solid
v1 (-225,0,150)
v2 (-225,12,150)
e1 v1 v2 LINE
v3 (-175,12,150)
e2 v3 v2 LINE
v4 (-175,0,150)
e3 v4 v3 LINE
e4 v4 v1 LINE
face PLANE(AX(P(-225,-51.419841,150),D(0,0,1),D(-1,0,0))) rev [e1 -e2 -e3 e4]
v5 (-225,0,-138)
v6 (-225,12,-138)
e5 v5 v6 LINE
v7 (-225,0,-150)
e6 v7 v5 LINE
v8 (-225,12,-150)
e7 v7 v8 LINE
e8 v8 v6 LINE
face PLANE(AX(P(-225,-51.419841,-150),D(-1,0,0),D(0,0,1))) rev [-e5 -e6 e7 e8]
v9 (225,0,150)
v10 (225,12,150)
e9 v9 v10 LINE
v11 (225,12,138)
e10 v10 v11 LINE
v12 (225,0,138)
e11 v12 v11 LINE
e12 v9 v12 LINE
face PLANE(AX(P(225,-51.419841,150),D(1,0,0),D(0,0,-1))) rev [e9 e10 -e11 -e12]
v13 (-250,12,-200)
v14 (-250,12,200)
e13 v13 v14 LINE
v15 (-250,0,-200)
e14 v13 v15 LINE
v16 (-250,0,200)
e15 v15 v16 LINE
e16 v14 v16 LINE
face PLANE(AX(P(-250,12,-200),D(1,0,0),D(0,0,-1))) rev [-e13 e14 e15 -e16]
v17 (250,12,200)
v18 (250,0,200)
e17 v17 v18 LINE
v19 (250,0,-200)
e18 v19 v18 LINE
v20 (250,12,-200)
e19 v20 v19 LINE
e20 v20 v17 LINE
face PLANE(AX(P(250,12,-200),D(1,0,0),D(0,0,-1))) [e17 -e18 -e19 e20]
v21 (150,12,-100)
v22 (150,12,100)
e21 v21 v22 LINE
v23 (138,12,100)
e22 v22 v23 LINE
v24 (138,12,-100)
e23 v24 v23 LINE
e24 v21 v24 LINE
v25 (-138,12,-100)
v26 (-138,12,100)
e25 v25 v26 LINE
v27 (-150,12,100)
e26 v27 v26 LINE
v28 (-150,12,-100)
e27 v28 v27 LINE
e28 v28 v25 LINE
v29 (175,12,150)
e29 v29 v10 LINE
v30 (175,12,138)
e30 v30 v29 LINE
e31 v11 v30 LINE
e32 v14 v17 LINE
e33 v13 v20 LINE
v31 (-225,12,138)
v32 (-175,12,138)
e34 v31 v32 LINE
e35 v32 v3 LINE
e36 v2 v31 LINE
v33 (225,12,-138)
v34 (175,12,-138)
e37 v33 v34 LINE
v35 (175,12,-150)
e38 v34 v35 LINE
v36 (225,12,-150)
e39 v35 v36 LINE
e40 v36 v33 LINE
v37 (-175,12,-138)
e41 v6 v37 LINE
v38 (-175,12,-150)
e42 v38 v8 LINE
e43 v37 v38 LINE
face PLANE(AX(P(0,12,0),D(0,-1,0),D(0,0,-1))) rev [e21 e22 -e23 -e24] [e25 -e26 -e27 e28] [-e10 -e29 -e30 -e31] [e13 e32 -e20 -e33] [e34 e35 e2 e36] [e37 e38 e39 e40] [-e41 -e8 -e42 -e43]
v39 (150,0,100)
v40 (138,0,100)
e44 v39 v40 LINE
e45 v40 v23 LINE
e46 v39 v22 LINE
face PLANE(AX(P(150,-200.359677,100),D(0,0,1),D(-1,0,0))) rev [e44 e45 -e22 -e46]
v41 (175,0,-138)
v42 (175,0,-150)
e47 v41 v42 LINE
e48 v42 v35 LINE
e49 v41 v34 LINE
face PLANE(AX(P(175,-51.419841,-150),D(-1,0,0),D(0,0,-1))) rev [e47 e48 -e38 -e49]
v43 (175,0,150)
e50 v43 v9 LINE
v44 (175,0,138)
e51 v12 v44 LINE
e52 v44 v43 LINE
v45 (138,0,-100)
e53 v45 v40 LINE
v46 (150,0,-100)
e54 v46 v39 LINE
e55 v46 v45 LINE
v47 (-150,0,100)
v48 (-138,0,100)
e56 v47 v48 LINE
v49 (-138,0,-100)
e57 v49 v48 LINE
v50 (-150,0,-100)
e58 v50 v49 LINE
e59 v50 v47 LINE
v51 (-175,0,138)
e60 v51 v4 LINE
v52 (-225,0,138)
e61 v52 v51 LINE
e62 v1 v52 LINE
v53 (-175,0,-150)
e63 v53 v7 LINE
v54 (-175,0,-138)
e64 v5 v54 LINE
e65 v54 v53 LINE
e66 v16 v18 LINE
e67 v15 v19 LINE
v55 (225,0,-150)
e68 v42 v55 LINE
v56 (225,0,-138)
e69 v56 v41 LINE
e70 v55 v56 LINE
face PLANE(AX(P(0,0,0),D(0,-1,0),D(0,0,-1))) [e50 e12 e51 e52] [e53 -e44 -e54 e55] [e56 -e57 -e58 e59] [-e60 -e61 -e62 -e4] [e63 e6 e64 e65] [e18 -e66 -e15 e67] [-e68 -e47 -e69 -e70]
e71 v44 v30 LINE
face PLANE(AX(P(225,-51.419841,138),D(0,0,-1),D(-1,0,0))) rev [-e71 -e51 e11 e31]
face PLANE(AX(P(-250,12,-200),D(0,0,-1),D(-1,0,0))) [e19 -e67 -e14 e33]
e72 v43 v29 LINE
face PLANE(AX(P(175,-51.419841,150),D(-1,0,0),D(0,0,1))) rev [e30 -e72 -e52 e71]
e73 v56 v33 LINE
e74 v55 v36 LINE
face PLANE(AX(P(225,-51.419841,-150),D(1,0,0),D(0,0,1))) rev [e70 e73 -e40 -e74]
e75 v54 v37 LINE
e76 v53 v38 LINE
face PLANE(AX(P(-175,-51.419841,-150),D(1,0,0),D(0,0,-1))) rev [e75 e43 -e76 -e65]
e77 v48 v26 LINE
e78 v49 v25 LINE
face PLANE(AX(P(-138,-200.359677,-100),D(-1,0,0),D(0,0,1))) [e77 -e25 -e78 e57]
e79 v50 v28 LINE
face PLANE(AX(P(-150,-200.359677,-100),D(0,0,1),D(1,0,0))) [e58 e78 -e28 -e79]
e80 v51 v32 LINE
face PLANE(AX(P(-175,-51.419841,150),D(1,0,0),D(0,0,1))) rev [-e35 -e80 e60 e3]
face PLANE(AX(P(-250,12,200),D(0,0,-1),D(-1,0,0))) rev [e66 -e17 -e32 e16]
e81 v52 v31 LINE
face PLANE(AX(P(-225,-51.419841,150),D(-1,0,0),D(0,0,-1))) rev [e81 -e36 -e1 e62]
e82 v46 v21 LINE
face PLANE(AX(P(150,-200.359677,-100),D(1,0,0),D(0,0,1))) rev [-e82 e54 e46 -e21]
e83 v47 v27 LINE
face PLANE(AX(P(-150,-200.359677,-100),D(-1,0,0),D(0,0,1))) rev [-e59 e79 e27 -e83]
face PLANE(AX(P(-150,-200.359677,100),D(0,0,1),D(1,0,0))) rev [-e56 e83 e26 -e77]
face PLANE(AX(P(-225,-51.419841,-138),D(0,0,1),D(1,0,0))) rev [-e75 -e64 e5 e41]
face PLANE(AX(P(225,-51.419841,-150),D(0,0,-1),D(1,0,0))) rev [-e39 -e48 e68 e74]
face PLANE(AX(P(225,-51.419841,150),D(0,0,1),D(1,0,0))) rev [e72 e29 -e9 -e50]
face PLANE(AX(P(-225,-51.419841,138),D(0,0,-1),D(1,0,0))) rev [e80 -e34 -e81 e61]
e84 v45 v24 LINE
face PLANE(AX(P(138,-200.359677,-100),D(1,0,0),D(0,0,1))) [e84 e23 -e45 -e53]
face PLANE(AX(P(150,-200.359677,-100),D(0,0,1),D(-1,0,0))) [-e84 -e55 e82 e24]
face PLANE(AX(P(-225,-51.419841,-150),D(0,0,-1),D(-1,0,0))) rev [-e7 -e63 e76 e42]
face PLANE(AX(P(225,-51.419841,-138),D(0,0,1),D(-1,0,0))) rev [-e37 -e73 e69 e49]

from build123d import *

# Parameters (mm, degrees)
SKETCH1_W                                  = 500
SKETCH1_H                                  = 400
BOSS_EXTRUDE1_DEPTH                        = 12
SKETCH2_W                                  = 12
SKETCH2_H                                  = 200
CUT_EXTRUDE1_DEPTH                         = 12
SKETCH5_W                                  = 50
SKETCH5_H                                  = 12
CUT_EXTRUDE2_DEPTH                         = 12
MIRROR5_AT_THE_SECOND_PLANE_COPY_1_SKETC_W = 50
MIRROR5_AT_THE_SECOND_PLANE_COPY_1_SKETC_H = 12
MIRROR5_AT_THE_SECOND_PLANE_COPY_1_DEPTH   = 12


with BuildPart() as part:
    # Sketch1 → Boss-Extrude1 (new body)
    with BuildSketch(Plane(origin=(0, 0, 0), x_dir=(1, 0, 0), z_dir=(0, 1, 0))):
        Rectangle(SKETCH1_W, SKETCH1_H)
    extrude(amount=BOSS_EXTRUDE1_DEPTH)

    # Sketch2 → Cut-Extrude1 (cut)
    with BuildSketch(Plane(origin=(0, 12, 0), x_dir=(1, 0, 0), z_dir=(0, 1, 0))):
        with Locations((-144, 0)):
            Rectangle(SKETCH2_W, SKETCH2_H)
    cut_extrude1 = extrude(amount=-CUT_EXTRUDE1_DEPTH, mode=Mode.SUBTRACT)

    # Mirror2: Cut-Extrude1 across plane
    add(cut_extrude1.mirror(Plane(origin=(0, 0, 0), x_dir=(0, 0, 1), z_dir=(1, 0, 0))), mode=Mode.SUBTRACT)

    # Sketch5 → Cut-Extrude2 (cut)
    with BuildSketch(Plane(origin=(0, 12, 0), x_dir=(1, 0, 0), z_dir=(0, 1, 0))):
        with Locations((-200, 144)):
            Rectangle(SKETCH5_W, SKETCH5_H)
    cut_extrude2 = extrude(amount=-CUT_EXTRUDE2_DEPTH, mode=Mode.SUBTRACT)

    # Mirror5: Cut-Extrude2 across plane
    add(cut_extrude2.mirror(Plane.XY), mode=Mode.SUBTRACT)

    # Mirror5 at the second plane: Cut-Extrude2 across plane
    add(cut_extrude2.mirror(Plane(origin=(0, 0, 0), x_dir=(0, 0, 1), z_dir=(1, 0, 0))), mode=Mode.SUBTRACT)

    # Mirror5 at the second plane copy 1 sketc → Mirror5 at the second plane copy 1 (cut)
    with BuildSketch(Plane(origin=(0, 12, 0), x_dir=(-1, 0, 0), z_dir=(0, 1, 0))):
        with Locations((-200, 144)):
            Rectangle(MIRROR5_AT_THE_SECOND_PLANE_COPY_1_SKETC_W, MIRROR5_AT_THE_SECOND_PLANE_COPY_1_SKETC_H)
    extrude(amount=-MIRROR5_AT_THE_SECOND_PLANE_COPY_1_DEPTH, mode=Mode.SUBTRACT)


solid = part.part
